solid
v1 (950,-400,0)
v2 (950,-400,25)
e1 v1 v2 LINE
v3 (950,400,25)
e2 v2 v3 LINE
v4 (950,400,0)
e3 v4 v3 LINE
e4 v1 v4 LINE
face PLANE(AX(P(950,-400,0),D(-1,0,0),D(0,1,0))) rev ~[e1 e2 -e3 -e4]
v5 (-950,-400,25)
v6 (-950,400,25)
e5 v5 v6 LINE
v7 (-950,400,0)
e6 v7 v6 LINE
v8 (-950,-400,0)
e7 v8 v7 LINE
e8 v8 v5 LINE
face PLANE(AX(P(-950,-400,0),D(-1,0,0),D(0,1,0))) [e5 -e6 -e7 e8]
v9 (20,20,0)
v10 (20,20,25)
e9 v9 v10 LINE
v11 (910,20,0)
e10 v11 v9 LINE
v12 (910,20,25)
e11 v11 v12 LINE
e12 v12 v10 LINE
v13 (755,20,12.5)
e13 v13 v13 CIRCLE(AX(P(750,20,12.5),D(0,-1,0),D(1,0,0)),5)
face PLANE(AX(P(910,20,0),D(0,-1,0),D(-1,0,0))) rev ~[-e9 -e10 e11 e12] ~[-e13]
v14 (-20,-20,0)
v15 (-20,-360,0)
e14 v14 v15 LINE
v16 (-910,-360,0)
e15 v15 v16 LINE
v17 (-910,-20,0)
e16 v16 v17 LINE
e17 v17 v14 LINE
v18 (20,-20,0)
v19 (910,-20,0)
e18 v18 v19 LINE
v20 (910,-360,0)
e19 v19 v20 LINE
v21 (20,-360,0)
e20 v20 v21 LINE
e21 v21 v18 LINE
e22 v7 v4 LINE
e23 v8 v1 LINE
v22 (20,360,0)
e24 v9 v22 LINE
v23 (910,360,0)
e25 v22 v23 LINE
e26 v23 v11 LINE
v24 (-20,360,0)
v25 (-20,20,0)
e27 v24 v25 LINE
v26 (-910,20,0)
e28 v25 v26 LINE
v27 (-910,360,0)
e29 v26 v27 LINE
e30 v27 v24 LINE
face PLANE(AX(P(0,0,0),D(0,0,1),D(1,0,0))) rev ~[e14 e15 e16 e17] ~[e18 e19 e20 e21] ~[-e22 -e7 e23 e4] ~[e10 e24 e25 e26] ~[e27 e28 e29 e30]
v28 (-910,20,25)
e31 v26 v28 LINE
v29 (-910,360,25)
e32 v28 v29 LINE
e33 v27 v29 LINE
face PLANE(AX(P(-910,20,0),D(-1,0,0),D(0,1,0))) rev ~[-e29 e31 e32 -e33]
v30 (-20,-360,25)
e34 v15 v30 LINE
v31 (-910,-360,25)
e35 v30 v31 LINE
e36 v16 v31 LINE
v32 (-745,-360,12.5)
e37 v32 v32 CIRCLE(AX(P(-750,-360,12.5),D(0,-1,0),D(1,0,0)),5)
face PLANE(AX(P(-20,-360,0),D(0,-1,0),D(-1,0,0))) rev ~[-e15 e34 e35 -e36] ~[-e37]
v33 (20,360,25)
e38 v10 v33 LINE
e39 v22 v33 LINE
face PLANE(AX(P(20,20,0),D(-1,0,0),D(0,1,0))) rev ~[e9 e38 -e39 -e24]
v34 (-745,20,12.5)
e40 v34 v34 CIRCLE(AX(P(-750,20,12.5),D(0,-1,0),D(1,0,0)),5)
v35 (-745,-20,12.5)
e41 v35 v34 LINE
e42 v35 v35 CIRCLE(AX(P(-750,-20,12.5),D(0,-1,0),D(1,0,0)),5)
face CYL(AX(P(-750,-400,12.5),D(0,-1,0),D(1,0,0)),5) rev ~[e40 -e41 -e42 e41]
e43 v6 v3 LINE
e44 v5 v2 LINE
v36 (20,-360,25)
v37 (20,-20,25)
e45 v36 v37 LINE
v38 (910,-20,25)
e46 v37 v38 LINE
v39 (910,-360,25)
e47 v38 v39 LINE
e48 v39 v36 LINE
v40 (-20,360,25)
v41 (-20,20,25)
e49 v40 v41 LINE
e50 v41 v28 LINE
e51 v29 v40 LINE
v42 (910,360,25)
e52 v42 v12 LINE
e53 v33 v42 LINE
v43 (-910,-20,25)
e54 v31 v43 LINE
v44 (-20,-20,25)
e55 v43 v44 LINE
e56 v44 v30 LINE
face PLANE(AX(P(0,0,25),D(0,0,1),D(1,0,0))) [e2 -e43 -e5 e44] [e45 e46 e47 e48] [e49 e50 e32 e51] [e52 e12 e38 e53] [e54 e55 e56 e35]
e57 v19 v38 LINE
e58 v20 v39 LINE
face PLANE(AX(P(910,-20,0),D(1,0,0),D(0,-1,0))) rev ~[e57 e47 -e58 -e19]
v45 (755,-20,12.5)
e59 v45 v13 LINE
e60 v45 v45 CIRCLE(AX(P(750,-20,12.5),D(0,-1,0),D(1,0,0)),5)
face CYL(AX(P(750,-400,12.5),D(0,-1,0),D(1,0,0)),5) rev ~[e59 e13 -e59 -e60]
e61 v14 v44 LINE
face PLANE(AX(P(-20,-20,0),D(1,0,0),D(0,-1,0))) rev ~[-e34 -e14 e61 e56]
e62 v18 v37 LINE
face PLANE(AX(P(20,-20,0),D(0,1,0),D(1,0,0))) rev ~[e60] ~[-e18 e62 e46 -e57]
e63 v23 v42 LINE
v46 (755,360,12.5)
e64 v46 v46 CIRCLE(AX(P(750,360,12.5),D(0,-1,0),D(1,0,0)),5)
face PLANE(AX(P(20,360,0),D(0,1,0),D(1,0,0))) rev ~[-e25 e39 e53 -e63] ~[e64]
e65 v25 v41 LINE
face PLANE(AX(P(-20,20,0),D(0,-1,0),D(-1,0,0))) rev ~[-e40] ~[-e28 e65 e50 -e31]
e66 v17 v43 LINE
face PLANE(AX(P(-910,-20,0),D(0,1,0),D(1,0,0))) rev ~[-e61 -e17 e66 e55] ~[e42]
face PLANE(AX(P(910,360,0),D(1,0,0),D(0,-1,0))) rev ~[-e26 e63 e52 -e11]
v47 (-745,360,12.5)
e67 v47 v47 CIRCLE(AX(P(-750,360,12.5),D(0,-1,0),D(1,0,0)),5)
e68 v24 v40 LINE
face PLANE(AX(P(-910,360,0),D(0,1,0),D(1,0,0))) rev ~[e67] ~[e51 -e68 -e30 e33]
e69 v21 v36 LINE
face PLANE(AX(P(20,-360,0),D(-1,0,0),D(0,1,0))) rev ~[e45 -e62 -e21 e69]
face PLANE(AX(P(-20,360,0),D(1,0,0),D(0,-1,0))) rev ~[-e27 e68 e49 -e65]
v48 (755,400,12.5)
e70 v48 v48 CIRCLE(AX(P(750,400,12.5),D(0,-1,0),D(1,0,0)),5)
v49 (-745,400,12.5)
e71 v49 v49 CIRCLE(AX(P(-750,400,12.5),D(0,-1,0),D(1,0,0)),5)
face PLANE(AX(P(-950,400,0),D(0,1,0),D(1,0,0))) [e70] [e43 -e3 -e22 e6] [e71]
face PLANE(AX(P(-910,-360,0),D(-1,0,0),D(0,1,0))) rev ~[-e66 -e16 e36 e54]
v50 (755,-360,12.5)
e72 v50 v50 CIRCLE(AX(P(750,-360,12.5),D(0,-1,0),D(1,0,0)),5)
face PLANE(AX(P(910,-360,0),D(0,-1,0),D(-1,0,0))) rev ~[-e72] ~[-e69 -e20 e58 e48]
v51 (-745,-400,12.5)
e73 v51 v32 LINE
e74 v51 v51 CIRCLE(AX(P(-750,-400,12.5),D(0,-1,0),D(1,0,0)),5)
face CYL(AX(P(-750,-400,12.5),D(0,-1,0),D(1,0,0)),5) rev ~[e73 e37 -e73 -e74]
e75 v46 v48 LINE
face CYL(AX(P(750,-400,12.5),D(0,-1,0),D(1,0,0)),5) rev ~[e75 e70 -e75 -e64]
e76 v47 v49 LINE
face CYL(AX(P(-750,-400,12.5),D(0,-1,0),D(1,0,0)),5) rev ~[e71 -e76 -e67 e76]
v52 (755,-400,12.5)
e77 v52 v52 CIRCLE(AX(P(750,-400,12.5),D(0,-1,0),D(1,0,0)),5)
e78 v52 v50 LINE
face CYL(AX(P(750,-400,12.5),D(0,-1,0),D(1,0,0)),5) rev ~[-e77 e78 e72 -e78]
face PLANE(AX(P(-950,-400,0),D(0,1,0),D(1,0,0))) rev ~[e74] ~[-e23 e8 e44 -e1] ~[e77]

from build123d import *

# Parameters (mm, degrees)
F0_W     = 1900
F0_H     = 800
F1_DEPTH = 25
F2_R     = 5
F3_DEPTH = 800.001


with BuildPart() as f1:
    # F0 (on Top) → F1 (new body)
    with BuildSketch(Plane.XY):
        Rectangle(F0_W, F0_H)
        Polygon((20, 360), (910, 360), (910, 20), (910, -20), (910, -360), (20, -360), (-20, -360), (-910, -360), (-910, -20), (-910, 20), (-910, 360), (-20, 360), align=None, mode=Mode.SUBTRACT)
        Polygon((20, 20), (20, 360), (-20, 360), (-20, 20), (-910, 20), (-910, -20), (-20, -20), (-20, -360), (20, -360), (20, -20), (910, -20), (910, 20), align=None)
    extrude(amount=F1_DEPTH)

    # F2 (on face) → F3 (cut, through all)
    with BuildSketch(Plane.XZ.offset(400)):
        with Locations((750, 12.5)):
            Circle(F2_R)
        with Locations((-750, 12.5)):
            Circle(F2_R)
    extrude(amount=-F3_DEPTH, mode=Mode.SUBTRACT)


solid = f1.part
